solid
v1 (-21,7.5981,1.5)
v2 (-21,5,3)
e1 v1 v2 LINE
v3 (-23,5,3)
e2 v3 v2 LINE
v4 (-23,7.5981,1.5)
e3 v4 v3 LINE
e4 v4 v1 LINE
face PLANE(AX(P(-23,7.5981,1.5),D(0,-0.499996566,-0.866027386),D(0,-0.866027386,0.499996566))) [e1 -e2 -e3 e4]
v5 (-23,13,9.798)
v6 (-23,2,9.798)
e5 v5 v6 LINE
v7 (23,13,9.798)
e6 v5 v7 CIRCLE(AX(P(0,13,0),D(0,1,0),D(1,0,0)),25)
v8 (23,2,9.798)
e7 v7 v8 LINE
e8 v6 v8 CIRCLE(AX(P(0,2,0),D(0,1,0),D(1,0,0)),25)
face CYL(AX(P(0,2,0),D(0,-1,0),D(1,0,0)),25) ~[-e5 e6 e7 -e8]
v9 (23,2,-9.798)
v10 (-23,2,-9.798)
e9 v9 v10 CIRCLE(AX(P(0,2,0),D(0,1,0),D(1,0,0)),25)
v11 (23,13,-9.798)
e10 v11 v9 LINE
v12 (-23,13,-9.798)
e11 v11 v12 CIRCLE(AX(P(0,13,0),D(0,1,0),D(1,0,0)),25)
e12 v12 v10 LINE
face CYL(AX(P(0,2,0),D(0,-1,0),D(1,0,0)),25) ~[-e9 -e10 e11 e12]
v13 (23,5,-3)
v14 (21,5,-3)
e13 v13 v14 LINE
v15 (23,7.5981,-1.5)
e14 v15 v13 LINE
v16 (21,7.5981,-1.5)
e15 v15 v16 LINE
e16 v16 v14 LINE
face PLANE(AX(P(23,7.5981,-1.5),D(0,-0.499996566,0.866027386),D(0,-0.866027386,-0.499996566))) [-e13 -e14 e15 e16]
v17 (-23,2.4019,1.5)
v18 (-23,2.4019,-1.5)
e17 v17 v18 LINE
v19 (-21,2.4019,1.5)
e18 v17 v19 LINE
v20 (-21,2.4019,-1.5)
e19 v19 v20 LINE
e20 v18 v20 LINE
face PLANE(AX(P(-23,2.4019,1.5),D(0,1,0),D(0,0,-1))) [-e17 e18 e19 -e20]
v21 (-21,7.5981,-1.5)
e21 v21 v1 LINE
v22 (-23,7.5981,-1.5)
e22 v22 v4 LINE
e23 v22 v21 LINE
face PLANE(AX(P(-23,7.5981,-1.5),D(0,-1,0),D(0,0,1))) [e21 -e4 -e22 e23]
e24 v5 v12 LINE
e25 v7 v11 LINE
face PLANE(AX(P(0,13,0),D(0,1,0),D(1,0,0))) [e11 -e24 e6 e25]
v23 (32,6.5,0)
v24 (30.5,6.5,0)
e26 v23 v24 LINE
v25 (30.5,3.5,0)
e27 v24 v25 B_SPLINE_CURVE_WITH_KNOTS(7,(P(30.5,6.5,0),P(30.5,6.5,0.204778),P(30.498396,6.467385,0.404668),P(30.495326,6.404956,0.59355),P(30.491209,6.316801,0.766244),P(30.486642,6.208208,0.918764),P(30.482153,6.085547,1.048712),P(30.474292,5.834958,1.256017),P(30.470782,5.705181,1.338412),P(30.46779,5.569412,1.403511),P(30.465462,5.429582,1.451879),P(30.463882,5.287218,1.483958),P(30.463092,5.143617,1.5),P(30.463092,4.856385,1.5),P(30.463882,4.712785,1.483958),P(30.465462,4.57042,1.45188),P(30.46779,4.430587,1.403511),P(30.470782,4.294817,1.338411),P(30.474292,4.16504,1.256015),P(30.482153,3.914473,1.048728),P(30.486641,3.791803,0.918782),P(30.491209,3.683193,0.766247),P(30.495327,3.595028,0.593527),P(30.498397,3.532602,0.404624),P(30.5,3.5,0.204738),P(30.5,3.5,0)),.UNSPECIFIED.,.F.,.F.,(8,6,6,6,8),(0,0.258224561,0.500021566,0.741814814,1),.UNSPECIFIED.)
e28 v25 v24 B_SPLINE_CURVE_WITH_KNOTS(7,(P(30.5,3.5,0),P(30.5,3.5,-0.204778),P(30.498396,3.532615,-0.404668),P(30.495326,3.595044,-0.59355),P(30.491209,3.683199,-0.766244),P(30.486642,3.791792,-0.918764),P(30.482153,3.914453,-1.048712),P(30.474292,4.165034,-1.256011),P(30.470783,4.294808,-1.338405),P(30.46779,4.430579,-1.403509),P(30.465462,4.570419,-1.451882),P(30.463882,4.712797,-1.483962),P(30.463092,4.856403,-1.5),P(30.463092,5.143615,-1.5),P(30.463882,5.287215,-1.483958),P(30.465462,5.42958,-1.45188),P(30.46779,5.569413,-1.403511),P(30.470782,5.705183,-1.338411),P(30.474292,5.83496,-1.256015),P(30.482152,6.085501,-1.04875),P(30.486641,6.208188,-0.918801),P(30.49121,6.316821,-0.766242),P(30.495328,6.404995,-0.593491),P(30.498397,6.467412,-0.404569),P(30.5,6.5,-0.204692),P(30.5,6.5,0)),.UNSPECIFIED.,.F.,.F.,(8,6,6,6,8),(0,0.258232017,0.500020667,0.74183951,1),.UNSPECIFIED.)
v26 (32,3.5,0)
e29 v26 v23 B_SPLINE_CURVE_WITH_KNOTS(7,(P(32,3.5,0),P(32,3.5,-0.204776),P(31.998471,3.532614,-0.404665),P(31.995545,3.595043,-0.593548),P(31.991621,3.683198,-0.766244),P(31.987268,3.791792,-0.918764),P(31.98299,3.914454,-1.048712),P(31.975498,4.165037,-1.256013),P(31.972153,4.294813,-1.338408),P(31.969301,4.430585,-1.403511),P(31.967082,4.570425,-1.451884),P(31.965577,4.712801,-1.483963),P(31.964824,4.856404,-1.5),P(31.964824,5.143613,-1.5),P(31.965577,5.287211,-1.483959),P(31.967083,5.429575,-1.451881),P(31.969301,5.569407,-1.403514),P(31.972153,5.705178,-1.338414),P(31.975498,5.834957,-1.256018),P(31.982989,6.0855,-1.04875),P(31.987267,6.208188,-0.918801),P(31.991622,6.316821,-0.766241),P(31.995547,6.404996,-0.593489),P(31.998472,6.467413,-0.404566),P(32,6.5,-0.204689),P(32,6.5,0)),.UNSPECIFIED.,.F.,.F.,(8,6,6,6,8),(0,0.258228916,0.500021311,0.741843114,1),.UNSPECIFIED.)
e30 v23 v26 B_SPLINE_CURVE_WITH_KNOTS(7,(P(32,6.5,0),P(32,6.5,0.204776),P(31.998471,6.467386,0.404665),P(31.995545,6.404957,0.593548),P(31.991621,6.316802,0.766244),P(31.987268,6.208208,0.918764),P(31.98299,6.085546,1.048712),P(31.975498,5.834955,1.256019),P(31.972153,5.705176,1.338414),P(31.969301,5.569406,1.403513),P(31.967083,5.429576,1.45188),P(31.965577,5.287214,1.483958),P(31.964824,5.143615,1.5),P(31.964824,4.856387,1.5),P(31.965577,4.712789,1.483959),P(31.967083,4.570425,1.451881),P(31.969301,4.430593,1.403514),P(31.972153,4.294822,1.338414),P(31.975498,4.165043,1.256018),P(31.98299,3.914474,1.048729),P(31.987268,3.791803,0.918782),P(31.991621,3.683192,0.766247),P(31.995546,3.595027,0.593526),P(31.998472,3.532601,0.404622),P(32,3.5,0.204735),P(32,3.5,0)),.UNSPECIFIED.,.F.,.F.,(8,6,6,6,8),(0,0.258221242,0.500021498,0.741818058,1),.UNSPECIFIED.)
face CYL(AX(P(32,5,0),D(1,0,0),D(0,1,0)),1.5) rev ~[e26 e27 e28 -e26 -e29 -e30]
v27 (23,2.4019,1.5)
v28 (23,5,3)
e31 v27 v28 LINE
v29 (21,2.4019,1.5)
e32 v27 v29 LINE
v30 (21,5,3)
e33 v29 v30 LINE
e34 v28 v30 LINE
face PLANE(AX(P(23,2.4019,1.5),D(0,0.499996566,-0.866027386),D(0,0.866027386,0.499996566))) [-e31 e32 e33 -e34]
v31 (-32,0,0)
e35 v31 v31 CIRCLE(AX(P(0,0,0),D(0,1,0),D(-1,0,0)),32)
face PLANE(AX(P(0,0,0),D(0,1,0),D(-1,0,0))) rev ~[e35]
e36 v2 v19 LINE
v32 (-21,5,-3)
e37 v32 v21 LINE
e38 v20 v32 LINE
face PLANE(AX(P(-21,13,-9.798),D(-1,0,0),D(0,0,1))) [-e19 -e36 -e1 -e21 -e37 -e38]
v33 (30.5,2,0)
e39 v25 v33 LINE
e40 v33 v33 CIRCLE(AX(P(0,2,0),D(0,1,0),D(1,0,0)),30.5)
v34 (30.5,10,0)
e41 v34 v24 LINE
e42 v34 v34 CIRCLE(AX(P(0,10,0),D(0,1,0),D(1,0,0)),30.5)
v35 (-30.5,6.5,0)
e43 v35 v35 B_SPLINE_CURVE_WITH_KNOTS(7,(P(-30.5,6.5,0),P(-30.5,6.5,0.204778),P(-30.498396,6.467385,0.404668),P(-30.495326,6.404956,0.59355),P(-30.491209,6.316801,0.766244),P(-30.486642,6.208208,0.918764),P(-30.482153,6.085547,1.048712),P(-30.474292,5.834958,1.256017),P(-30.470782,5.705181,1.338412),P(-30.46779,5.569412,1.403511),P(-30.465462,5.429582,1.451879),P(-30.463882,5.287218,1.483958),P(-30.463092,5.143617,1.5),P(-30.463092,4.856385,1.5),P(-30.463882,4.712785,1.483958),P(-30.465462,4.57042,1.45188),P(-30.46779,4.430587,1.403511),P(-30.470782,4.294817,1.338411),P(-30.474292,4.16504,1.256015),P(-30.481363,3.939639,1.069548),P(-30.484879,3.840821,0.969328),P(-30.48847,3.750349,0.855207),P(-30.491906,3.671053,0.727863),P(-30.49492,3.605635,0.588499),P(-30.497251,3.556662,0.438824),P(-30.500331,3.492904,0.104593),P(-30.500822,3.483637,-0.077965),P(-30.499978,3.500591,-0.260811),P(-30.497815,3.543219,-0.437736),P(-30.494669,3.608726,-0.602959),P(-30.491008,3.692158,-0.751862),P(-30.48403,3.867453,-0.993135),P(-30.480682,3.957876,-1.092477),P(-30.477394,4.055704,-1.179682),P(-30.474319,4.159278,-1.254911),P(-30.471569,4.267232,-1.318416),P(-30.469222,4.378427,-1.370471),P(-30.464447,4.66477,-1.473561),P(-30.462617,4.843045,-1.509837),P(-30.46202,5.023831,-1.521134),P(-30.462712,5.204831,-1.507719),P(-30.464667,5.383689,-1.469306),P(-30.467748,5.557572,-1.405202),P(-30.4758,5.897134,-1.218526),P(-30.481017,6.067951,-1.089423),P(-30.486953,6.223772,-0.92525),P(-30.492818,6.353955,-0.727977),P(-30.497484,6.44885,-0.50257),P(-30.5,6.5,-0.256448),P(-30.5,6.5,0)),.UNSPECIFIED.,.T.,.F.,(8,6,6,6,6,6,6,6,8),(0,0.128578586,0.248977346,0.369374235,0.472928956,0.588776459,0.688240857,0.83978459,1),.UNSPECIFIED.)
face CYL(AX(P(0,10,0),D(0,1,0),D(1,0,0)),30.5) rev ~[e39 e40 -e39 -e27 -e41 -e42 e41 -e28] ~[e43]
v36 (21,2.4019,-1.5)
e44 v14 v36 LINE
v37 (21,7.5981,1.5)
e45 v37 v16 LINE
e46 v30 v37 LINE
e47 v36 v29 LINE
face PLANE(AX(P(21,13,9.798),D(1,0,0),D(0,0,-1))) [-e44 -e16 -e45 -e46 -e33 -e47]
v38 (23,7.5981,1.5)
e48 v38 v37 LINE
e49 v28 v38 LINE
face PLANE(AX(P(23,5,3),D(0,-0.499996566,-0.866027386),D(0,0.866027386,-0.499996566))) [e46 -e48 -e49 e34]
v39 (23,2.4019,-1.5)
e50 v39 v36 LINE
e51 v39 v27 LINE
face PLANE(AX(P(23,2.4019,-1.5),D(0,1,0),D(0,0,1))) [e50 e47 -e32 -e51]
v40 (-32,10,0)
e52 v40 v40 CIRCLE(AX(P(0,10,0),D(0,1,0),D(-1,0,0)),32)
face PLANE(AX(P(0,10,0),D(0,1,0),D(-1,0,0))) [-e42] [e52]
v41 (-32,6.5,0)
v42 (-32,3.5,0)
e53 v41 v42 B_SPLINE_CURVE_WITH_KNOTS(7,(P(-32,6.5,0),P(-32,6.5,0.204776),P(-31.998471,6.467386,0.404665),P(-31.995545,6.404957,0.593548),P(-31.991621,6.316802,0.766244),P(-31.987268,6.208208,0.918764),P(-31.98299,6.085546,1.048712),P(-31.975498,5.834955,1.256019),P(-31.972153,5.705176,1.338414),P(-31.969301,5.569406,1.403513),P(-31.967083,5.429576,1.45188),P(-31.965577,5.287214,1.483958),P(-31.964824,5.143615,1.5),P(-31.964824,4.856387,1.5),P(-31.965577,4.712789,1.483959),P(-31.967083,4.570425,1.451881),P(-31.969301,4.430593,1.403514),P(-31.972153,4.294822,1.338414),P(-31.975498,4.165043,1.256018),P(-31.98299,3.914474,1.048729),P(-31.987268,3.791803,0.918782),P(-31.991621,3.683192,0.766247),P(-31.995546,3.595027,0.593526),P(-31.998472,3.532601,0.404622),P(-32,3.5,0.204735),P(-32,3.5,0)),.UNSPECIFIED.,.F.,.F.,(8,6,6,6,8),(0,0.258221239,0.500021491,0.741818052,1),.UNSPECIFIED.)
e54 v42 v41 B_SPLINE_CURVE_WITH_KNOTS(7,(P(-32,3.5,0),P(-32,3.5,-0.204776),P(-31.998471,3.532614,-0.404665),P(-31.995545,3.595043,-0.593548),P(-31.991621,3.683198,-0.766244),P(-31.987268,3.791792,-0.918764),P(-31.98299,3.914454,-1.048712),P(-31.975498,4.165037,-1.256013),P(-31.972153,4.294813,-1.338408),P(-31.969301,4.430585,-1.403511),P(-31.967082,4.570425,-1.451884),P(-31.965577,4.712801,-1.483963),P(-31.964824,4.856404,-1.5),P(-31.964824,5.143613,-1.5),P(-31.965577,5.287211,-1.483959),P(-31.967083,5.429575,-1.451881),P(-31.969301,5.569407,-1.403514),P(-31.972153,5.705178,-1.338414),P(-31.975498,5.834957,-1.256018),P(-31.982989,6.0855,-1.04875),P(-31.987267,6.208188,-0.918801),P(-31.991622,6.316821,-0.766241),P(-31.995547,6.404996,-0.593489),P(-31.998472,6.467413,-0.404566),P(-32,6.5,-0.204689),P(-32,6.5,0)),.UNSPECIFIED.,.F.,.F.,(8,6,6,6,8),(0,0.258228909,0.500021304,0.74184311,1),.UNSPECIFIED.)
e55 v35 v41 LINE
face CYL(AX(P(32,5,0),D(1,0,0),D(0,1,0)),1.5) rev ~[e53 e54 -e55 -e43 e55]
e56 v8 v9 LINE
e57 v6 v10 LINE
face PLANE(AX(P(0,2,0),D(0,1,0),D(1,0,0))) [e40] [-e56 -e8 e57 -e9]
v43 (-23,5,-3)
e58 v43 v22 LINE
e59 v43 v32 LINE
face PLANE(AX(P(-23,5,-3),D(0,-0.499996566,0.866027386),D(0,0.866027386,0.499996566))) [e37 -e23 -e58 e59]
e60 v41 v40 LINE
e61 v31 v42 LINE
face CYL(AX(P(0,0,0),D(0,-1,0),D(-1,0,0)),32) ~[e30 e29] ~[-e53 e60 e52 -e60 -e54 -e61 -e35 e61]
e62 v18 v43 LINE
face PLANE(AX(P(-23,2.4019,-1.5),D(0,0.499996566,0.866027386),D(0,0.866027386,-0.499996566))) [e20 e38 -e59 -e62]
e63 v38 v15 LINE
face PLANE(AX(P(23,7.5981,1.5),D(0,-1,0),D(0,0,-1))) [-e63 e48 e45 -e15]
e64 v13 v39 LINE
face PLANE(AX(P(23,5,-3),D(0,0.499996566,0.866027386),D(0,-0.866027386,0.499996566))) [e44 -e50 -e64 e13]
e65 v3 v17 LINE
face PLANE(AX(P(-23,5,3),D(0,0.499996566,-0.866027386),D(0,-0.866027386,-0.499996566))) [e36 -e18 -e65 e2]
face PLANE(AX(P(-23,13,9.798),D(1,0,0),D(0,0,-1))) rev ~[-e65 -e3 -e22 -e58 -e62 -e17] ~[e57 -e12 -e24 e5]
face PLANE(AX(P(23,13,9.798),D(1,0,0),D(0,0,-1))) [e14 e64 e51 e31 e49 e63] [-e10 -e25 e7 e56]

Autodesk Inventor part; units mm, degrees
ref_plane "XZ Plane" through (0, 0, 0) normal (0, 1, 0) x (-1, 0, 0)
ref_plane "XY Plane" through (0, 0, 0) normal (0, 0, 1) x (1, 0, 0)
sketch "Sketch1" plane through (0, 0, 0) normal (0, 1, 0) x (-1, 0, 0)
  circle A0 centre (0, 0) radius 32
  dimension "d0" = 64
extrude "Extrusion1" add sketch "Sketch1" along normal blind 10
sketch "Sketch2" plane through (0, 10, 0) normal (0, 1, 0) x (1, 0, 0)
  circle A0 centre (0, 0) radius 30.5
  dimension "d3" = 61
extrude "Extrusion2" cut sketch "Sketch2" against normal blind 8
ref_plane "Work Plane1" through (32, 0, 0) normal (1, 0, 0) x (0, 1, 0)
sketch "Sketch5" plane through (32, 0, 0) normal (1, 0, 0) x (0, 1, 0)
  circle A0 centre (5, 0) radius 1.5
  line L0 (10, -32) -> (10, 32) projected
  point P0 (0, 0)
  dimension "d7" = 3
  dimension "d8" = 5
extrude "Extrusion3" cut sketch "Sketch5" against normal through all
sketch "Esquisse6" plane through (0, 2, 0) normal (0, 1, 0) x (1, 0, 0)
  circle A0 centre (0, 0) radius 25
  dimension "d11" = 50
extrude "Extrusion4" add sketch "Esquisse6" along normal blind 11
sketch "Esquisse7" plane through (0, 13, 0) normal (0, 1, 0) x (1, 0, 0)
  circle A0 centre (0, 0) radius 25 projected
  line L0 (23, -9.798) -> (23, 9.798)
  line L1 (-23, -9.798) -> (-23, 9.798)
  dimension "d16" = 2
  dimension "d17" = 2
extrude "Extrusion5" cut sketch "Esquisse7" against normal blind 11 contours A0 L0 | L1 A0
sketch "Esquisse8" plane through (23, 13, 9.798) normal (1, 0, 0) x (0, 0, -1)
  line L0 (6.798, -8) -> (8.298, -5.4019)
  line L1 (8.298, -5.4019) -> (11.298, -5.4019)
  line L2 (11.298, -5.4019) -> (12.798, -8)
  line L3 (12.798, -8) -> (11.298, -10.5981)
  line L4 (11.298, -10.5981) -> (8.298, -10.5981)
  line L5 (8.298, -10.5981) -> (6.798, -8)
  line L6 (0, -11) -> (19.5959, -11) projected
  point P0 (9.798, -13)
  point P1 (11.298, -8)
  point P2 (9.798, -8)
  dimension "d18" = 6
extrude "Extrusion6" cut sketch "Esquisse8" against normal blind 2
sketch "Esquisse9" plane through (-23, 13, -9.798) normal (-1, 0, 0) x (0, 0, 1)
  line L0 (12.798, -8) -> (11.298, -10.5981)
  line L1 (11.298, -10.5981) -> (8.298, -10.5981)
  line L2 (8.298, -10.5981) -> (6.798, -8)
  line L3 (6.798, -8) -> (8.298, -5.4019)
  line L4 (8.298, -5.4019) -> (11.298, -5.4019)
  line L5 (11.298, -5.4019) -> (12.798, -8)
  line L6 (0, -11) -> (19.5959, -11) projected
  point P0 (9.798, -13)
  point P1 (8.298, -8)
  point P2 (9.798, -8)
  dimension "d21" = 6
extrude "Extrusion7" cut sketch "Esquisse9" against normal blind 2
properties part number "bouchon2"
